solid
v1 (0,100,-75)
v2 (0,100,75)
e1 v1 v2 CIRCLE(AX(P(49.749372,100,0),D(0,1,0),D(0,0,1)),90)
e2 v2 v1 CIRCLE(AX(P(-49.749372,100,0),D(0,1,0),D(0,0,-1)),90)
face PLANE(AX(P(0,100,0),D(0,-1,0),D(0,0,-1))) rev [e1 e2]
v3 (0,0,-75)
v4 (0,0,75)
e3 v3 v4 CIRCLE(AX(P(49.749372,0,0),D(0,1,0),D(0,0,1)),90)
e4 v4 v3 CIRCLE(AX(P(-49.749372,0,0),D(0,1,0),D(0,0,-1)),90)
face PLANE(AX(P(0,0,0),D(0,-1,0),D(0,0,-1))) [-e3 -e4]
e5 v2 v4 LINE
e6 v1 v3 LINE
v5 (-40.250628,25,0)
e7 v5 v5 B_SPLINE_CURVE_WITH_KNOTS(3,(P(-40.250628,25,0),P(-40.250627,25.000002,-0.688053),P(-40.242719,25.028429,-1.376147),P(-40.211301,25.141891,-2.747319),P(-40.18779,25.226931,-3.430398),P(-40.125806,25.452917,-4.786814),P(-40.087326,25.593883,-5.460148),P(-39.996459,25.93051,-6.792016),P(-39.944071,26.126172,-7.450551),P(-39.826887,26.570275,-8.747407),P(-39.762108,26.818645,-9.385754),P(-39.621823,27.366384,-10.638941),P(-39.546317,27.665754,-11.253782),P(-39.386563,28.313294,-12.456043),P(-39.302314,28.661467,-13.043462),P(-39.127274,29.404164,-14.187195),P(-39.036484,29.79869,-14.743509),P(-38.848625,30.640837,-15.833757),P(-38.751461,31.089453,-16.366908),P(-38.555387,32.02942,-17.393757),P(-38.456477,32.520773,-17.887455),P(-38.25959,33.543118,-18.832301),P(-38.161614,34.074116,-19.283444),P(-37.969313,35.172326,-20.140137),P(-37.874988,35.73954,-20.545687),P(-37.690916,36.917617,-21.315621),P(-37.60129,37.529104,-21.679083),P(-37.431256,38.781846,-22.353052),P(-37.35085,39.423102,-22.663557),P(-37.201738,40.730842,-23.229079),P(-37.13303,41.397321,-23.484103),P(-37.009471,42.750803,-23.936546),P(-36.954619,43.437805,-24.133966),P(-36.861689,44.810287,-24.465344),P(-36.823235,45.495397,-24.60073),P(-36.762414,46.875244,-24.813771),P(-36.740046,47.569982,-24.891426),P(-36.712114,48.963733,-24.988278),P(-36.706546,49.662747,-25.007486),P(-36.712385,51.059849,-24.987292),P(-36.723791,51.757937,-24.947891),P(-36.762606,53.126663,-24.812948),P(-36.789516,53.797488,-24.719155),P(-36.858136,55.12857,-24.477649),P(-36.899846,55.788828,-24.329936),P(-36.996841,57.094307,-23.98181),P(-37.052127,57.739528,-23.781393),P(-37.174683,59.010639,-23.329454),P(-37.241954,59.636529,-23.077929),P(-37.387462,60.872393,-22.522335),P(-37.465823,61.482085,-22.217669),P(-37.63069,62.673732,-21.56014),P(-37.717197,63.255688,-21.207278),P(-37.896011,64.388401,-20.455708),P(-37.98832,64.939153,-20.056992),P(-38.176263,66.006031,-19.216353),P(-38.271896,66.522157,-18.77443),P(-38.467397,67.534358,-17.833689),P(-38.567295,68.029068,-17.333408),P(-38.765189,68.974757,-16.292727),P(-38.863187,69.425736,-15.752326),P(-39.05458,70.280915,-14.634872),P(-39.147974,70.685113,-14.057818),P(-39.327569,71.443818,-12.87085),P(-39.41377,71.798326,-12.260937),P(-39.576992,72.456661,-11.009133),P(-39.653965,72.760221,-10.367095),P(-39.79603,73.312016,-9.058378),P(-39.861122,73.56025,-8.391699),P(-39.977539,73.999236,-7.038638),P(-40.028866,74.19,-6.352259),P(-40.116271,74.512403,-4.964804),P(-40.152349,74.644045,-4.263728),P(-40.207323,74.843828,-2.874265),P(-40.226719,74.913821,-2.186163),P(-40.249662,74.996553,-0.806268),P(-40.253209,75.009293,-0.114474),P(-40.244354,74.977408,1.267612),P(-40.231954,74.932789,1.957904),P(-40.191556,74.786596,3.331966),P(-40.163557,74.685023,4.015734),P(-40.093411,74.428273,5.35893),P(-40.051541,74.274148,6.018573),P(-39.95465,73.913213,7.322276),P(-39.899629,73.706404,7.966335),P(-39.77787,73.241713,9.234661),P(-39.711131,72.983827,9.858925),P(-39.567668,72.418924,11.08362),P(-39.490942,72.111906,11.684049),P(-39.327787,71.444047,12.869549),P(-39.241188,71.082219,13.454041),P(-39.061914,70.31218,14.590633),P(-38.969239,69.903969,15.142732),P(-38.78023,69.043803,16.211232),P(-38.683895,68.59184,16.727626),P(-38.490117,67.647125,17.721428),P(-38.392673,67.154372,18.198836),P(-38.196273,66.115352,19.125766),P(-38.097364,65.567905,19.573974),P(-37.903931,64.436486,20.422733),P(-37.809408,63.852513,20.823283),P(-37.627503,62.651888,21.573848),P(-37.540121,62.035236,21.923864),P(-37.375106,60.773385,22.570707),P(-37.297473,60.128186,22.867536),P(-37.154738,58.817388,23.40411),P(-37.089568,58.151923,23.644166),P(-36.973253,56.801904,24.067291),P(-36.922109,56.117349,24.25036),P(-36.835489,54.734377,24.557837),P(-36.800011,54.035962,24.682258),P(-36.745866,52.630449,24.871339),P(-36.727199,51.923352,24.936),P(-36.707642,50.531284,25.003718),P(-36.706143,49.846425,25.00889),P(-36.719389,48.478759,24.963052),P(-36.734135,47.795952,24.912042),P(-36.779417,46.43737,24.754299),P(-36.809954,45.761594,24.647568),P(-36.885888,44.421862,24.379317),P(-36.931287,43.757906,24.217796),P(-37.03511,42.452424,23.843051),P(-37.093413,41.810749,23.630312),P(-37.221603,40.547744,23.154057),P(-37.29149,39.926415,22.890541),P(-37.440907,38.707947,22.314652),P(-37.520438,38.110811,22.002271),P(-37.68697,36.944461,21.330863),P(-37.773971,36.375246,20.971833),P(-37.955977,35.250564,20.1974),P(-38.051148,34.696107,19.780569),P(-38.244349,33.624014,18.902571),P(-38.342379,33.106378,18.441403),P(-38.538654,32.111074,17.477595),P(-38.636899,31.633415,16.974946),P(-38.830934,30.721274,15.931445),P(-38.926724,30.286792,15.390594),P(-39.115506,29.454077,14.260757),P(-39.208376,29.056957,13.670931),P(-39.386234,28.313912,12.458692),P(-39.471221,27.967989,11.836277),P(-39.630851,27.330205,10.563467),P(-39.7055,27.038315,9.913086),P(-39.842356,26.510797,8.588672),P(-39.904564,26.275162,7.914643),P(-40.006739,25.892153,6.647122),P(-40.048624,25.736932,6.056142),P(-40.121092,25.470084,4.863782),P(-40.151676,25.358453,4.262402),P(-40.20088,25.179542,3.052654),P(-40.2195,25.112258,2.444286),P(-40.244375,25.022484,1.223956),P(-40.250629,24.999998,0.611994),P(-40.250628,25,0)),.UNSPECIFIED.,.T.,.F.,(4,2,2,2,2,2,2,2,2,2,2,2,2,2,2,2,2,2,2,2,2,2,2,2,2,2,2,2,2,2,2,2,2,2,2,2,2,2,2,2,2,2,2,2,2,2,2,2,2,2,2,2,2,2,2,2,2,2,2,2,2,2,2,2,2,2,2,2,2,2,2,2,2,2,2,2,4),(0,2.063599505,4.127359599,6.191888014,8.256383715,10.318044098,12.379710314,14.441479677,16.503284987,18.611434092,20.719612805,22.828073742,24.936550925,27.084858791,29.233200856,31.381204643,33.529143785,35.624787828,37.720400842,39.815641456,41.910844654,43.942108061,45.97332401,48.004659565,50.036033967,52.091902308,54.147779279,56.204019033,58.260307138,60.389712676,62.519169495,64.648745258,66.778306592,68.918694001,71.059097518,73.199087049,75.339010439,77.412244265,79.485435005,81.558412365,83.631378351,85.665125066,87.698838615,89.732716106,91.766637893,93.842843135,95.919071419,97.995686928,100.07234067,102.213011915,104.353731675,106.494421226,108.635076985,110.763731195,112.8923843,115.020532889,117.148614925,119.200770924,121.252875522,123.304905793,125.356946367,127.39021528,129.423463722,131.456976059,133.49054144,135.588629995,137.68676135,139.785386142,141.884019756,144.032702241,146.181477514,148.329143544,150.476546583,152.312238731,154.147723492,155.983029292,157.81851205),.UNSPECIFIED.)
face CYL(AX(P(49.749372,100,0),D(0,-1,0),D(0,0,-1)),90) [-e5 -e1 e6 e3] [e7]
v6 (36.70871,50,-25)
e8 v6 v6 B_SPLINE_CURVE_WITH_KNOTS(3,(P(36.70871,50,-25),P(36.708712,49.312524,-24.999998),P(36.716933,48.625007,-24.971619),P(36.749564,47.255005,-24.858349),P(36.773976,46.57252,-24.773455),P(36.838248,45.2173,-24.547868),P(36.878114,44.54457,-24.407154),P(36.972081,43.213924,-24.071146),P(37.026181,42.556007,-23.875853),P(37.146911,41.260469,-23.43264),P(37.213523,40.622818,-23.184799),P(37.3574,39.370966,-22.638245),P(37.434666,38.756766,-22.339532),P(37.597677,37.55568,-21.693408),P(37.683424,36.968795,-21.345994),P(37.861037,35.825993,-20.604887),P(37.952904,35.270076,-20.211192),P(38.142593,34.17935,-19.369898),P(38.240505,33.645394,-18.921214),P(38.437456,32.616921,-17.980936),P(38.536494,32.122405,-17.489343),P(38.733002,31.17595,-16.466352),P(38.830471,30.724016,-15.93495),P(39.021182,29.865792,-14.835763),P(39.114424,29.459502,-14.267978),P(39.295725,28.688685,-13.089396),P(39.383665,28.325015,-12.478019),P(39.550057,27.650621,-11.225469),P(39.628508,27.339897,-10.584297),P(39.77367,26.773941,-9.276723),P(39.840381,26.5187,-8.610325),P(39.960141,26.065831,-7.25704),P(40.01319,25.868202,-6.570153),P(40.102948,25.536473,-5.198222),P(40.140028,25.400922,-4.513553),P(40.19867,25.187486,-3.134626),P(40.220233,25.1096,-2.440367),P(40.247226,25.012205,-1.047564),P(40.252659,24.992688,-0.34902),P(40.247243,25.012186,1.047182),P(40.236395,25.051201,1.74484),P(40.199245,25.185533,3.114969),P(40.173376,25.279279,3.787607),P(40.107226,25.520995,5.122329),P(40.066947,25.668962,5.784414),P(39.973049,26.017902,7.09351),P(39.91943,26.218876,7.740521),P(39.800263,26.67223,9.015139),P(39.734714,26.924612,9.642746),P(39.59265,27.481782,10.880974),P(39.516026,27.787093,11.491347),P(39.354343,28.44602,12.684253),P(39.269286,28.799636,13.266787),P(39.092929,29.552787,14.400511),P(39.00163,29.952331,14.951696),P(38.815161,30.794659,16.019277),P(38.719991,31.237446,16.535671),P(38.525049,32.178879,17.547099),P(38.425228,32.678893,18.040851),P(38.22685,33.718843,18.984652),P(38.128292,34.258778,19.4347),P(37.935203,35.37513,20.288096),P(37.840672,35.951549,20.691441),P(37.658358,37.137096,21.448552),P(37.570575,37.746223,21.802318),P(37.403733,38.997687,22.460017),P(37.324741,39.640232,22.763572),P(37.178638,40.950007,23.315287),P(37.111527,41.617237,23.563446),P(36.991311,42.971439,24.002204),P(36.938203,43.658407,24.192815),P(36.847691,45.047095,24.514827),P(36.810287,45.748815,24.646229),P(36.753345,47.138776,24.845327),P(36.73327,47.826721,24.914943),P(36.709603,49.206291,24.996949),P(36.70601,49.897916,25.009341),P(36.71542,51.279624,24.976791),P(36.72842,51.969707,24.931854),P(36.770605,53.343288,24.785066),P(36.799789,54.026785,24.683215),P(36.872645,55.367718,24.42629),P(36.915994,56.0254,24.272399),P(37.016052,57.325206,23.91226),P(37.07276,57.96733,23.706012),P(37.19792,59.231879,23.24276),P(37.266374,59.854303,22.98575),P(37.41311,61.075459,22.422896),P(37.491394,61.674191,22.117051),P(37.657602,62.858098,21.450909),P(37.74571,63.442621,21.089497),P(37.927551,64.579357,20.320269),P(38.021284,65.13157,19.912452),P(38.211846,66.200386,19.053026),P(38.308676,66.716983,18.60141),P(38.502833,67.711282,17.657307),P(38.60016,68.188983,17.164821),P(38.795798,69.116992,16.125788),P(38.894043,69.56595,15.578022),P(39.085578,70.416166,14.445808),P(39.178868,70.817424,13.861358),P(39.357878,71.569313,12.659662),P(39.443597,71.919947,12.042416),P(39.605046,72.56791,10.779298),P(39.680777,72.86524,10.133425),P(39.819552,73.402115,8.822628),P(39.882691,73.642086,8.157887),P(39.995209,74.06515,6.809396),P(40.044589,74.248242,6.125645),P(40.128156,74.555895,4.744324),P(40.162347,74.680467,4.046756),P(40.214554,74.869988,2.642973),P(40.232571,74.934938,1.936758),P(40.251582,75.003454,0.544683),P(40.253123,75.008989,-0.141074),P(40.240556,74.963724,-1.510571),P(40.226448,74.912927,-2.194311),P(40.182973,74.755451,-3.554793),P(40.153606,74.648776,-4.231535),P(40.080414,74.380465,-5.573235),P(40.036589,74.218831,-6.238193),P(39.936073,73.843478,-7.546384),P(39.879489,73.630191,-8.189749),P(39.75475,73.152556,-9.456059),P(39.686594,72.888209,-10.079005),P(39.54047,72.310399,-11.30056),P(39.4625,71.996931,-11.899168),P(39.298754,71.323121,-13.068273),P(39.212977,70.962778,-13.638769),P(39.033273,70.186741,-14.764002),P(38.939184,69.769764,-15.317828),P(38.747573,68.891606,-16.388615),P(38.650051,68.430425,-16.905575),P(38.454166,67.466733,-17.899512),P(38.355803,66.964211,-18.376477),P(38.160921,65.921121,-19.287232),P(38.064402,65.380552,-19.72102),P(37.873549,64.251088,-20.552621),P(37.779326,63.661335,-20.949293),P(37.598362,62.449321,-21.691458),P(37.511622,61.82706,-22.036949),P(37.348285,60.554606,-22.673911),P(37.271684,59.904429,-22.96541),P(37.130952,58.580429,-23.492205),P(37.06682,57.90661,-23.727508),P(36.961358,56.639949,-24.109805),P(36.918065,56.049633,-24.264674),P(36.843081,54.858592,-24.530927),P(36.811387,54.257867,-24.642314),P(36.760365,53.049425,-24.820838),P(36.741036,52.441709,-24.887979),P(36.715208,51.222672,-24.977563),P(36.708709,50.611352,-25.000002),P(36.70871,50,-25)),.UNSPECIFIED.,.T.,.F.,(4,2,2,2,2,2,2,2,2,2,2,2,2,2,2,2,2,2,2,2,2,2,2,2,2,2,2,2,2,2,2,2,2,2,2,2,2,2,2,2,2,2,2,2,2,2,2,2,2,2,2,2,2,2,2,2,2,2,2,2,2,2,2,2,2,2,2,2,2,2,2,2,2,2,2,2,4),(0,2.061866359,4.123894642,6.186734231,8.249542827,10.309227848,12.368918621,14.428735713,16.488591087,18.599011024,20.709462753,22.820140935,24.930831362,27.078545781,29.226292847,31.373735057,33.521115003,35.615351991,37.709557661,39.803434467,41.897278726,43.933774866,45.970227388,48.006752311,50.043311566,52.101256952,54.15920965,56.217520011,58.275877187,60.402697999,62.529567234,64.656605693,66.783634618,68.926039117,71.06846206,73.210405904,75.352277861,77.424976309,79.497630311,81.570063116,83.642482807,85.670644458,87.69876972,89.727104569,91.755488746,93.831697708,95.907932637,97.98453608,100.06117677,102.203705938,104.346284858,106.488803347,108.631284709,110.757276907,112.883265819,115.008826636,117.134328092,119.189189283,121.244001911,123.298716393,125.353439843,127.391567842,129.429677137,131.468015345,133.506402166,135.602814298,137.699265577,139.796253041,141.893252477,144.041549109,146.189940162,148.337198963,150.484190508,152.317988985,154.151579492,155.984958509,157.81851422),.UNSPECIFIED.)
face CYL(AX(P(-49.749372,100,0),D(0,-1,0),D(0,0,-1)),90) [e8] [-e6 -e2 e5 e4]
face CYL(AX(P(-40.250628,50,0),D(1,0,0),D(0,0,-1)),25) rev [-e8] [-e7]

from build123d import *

# Parameters (mm, degrees)
BOSS_EXTRUDE1_DEPTH     = 100
CUT_EXTRUDE1_DEPTH      = 132.320649808
CUT_EXTRUDE1_DEPTH_BACK = 132.320649808
SKETCH2_R               = 25


with BuildPart() as part:
    # Sketch1 → Boss-Extrude1 (new body)
    with BuildSketch(Plane(origin=(0, 0, 0), x_dir=(1, 0, 0), z_dir=(0, 1, 0))):
        with BuildLine():
            ThreePointArc((0, 75), (-40.250628145, 0), (0, -75))
            ThreePointArc((0, -75), (40.250628145, 0), (0, 75))
        make_face()
    extrude(amount=BOSS_EXTRUDE1_DEPTH)

    # Sketch2 → Cut-Extrude1 (cut, two sides: drawn at the far end of the back side and taken through both)
    with BuildSketch(Plane(origin=(0, 0, 0), x_dir=(0, 0, -1), z_dir=(1, 0, 0)).offset(-CUT_EXTRUDE1_DEPTH_BACK)):
        with Locations((0, 50)):
            Circle(SKETCH2_R)
    extrude(amount=CUT_EXTRUDE1_DEPTH + CUT_EXTRUDE1_DEPTH_BACK, mode=Mode.SUBTRACT)


solid = part.part
